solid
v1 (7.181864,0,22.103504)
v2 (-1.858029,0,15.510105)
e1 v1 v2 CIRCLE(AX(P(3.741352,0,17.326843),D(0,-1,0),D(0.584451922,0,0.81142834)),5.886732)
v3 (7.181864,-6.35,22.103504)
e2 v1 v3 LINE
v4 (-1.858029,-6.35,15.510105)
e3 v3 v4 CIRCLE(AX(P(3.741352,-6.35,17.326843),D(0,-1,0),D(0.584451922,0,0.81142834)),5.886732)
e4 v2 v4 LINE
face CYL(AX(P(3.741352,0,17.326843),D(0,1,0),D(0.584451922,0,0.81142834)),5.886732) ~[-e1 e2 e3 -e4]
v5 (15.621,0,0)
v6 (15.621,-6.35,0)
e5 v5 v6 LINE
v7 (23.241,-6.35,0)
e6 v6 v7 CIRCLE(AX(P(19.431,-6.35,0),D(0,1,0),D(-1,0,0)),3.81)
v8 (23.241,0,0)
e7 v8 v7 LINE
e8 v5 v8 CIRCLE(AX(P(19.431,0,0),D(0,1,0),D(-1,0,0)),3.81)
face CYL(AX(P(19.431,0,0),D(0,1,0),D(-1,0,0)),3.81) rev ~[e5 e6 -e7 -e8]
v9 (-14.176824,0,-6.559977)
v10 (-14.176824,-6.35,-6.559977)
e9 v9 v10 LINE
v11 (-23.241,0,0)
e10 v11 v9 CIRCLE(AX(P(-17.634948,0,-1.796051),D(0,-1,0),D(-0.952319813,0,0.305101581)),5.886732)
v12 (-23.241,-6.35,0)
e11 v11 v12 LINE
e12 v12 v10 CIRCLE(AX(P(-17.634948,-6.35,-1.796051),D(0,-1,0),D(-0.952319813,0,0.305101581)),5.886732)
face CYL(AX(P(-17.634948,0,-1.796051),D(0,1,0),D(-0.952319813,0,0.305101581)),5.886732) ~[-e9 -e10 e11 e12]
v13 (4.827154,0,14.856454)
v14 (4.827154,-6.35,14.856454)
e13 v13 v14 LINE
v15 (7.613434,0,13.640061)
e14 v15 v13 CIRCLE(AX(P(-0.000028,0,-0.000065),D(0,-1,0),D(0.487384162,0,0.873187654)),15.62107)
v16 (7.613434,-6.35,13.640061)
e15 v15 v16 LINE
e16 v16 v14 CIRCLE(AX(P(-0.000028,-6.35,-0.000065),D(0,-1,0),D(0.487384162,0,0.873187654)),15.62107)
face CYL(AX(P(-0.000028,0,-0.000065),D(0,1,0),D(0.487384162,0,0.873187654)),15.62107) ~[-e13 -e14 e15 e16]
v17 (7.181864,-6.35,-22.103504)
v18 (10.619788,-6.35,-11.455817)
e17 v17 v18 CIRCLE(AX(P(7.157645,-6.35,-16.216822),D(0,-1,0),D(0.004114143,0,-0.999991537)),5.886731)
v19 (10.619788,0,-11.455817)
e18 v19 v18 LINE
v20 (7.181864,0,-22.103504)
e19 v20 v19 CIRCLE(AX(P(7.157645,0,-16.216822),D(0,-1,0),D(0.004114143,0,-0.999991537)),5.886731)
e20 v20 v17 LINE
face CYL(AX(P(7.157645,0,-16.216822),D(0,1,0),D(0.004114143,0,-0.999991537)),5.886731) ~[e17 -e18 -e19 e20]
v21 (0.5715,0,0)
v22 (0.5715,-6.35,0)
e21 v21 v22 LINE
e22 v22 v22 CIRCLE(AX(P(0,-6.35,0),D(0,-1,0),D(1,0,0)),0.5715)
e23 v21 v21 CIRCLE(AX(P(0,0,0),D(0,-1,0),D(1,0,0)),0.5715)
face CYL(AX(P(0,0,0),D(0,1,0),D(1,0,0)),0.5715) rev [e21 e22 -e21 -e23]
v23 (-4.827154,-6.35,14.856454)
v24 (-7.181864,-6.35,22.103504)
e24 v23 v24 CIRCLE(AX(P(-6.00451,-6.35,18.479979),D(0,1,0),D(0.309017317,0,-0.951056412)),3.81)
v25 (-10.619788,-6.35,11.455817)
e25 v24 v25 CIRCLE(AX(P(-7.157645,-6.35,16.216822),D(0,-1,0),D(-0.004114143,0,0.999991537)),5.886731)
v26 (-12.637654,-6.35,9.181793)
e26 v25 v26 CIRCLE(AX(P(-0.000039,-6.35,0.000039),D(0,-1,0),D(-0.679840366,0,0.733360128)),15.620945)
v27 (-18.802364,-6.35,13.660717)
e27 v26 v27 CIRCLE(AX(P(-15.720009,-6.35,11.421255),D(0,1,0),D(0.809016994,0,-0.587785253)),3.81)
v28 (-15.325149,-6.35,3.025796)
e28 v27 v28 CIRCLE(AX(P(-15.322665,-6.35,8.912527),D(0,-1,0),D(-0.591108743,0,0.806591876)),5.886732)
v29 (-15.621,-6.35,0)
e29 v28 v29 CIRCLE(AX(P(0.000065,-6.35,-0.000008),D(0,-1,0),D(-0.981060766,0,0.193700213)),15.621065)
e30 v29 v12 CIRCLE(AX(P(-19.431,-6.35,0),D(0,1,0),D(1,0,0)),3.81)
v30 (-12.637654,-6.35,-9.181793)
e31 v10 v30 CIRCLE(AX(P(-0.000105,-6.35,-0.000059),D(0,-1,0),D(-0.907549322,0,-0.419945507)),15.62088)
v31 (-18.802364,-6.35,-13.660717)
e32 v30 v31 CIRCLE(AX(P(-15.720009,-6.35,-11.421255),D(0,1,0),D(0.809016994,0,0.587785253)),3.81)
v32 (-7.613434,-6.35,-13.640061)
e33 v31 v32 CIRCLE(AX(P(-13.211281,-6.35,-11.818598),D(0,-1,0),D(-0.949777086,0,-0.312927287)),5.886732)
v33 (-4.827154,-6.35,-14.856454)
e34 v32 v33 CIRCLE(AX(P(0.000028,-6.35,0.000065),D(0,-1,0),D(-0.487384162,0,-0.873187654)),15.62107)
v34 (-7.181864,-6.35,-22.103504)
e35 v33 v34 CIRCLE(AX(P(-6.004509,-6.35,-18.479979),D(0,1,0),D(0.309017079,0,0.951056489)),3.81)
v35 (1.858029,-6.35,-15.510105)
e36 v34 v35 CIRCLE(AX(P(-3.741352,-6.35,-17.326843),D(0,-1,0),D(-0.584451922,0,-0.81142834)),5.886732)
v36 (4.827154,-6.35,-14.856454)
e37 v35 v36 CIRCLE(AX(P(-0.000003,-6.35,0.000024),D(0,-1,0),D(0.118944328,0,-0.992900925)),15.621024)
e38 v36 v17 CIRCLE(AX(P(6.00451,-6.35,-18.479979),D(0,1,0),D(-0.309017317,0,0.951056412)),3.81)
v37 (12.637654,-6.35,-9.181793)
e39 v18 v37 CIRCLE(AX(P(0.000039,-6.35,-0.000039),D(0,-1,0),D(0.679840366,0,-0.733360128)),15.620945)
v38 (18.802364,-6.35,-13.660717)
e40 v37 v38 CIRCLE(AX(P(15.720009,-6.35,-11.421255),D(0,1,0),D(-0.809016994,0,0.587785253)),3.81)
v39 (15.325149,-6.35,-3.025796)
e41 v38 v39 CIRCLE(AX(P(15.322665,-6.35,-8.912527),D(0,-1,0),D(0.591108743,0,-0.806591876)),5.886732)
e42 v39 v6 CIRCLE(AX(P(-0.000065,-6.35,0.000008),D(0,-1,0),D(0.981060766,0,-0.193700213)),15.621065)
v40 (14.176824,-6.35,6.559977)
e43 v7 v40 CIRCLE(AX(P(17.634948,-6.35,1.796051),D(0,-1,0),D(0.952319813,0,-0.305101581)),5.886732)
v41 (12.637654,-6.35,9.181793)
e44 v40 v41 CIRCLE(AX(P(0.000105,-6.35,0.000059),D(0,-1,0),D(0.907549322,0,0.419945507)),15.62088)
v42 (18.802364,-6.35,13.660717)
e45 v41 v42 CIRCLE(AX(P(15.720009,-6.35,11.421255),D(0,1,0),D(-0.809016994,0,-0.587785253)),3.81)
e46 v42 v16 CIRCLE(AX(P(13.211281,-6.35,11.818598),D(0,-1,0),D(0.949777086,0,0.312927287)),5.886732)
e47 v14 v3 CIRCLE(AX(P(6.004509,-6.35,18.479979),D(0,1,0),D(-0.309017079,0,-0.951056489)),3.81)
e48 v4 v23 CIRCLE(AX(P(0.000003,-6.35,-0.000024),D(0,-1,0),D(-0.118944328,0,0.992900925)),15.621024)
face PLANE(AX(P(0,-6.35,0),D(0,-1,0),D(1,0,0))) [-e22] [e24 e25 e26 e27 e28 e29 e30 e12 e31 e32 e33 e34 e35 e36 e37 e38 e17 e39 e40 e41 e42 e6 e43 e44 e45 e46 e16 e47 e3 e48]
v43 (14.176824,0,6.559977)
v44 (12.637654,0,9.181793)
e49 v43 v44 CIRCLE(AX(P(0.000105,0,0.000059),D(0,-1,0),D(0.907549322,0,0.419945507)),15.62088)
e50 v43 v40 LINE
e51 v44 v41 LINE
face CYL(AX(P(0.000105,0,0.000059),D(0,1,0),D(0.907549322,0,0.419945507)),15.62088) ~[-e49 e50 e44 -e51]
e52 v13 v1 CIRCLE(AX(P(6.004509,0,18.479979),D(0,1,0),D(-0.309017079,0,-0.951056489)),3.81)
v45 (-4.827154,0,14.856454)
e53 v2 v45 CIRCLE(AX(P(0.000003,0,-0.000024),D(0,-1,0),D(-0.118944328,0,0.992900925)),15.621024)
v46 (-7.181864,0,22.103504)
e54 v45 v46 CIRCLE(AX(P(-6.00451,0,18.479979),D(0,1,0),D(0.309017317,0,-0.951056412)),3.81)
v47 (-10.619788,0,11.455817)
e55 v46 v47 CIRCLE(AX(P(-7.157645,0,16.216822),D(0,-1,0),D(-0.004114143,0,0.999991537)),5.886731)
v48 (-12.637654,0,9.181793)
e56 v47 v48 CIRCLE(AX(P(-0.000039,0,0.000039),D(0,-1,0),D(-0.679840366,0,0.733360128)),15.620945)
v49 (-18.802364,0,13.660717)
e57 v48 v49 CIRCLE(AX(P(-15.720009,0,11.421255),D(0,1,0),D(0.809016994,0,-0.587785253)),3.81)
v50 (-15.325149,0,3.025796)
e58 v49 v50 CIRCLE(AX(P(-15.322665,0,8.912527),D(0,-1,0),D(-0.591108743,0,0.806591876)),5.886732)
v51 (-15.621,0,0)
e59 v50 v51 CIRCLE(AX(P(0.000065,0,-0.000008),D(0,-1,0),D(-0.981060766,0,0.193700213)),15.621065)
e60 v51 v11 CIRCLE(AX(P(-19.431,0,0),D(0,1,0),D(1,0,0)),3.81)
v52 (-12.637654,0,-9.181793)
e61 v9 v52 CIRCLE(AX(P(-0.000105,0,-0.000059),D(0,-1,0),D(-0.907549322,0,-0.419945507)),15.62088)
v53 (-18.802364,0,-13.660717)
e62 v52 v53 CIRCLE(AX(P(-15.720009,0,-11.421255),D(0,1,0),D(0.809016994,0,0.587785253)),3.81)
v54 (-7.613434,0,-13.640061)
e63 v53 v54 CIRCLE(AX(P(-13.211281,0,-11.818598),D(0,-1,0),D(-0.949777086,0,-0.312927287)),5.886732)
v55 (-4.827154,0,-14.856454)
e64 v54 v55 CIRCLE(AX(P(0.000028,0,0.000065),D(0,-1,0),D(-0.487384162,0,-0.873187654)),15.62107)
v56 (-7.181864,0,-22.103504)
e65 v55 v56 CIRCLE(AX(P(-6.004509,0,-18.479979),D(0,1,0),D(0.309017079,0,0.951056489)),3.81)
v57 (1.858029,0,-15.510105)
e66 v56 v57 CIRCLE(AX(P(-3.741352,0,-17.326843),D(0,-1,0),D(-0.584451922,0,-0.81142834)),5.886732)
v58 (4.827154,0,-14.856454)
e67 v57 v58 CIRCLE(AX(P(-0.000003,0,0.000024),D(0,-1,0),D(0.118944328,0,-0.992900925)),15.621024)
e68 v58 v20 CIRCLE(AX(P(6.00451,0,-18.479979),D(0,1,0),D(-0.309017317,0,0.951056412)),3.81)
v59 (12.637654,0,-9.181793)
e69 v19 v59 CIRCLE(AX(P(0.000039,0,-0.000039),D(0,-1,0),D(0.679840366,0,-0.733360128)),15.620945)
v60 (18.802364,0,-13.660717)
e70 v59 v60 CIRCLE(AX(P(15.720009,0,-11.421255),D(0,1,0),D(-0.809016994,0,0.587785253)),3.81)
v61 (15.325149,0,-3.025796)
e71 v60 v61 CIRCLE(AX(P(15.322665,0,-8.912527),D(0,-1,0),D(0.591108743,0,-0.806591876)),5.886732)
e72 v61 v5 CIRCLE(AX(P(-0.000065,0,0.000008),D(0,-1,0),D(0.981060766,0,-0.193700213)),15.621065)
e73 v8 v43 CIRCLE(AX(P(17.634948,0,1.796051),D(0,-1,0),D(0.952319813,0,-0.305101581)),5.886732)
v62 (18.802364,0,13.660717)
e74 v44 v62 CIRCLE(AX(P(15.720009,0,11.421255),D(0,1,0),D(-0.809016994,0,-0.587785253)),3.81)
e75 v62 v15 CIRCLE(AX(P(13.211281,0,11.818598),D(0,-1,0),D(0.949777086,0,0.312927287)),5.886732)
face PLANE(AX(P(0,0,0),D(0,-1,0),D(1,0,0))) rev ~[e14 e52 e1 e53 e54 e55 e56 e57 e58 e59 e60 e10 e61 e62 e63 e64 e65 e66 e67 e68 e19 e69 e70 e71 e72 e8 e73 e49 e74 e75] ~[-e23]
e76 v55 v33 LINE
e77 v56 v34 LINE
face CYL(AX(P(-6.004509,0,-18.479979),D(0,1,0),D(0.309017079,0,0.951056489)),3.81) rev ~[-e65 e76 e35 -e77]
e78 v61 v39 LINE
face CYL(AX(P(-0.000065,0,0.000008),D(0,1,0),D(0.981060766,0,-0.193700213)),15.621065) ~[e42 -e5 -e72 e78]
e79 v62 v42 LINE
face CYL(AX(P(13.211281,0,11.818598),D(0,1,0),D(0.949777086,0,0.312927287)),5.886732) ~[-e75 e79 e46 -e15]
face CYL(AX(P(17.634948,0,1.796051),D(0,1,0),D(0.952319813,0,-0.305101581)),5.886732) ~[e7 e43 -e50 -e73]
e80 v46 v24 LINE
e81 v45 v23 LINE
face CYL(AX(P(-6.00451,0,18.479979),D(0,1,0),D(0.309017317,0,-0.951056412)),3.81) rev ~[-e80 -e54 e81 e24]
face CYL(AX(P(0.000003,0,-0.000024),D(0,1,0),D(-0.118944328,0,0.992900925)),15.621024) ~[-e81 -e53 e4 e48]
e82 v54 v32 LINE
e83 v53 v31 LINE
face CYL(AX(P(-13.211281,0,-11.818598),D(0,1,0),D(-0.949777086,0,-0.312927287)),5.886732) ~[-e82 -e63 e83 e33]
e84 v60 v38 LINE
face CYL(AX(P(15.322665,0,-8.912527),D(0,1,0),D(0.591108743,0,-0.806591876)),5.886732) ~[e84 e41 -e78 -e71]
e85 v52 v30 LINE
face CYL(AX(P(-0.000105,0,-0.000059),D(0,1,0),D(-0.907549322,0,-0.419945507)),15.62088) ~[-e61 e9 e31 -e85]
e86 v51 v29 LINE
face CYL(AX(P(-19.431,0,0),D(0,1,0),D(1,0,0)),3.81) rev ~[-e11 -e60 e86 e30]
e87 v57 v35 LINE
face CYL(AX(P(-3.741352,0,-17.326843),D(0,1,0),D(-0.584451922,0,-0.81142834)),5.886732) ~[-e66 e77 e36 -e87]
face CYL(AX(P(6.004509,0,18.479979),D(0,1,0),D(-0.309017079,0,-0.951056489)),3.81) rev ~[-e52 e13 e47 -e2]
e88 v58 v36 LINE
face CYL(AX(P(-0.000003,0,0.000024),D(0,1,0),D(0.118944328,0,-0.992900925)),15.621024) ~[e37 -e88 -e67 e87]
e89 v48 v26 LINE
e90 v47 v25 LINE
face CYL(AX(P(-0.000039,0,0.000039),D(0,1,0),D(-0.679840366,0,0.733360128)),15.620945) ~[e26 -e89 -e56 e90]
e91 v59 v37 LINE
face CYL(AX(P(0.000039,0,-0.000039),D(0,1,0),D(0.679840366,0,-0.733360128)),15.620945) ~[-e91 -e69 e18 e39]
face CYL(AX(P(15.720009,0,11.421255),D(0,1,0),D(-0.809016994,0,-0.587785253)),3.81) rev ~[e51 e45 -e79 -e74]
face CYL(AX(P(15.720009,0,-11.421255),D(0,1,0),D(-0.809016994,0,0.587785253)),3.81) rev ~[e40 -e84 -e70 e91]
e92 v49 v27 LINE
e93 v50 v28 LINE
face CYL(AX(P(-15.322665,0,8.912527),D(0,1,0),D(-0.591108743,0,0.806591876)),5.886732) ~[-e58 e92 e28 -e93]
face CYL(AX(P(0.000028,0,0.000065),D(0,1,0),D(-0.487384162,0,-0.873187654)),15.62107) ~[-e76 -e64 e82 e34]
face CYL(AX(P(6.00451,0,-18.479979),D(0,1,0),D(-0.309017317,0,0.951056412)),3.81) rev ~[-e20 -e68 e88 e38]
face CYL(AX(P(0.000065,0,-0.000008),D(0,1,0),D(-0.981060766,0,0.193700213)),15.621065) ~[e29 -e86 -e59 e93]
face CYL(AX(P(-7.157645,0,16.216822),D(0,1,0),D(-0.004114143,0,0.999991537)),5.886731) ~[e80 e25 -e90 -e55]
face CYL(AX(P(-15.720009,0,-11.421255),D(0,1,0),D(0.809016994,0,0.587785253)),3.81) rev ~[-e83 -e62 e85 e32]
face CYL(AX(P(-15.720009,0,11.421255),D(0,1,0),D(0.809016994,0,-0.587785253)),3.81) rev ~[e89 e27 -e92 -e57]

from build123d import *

# Parameters (mm, degrees)
F0_R     = 0.5715
F1_DEPTH = 6.35


with BuildPart() as f1:
    # F0 (on Front) → F1 (new body)
    with BuildSketch(Plane.XZ):
        with BuildLine():
            ThreePointArc((23.241, 0), (21.086285, 6.564897), (14.176824, 6.559977))
            ThreePointArc((14.176824, 6.559977), (13.471175, 7.908419), (12.637654, 9.181793))
            ThreePointArc((12.637654, 9.181793), (13.480547, 14.50361), (18.802364, 13.660717))
            ThreePointArc((18.802364, 13.660717), (13.200413, 17.70532), (7.613434, 13.640061))
            ThreePointArc((7.613434, 13.640061), (6.249957, 14.316203), (4.827154, 14.856454))
            ThreePointArc((4.827154, 14.856454), (2.380984, 19.657334), (7.181864, 22.103504))
            ThreePointArc((7.181864, 22.103504), (0.272432, 22.082913), (-1.858029, 15.510105))
            ThreePointArc((-1.858029, 15.510105), (-3.358532, 15.255684), (-4.827154, 14.856454))
            ThreePointArc((-4.827154, 14.856454), (-9.628035, 17.302624), (-7.181864, 22.103504))
            ThreePointArc((-7.181864, 22.103504), (-12.759608, 18.025584), (-10.619788, 11.455817))
            ThreePointArc((-10.619788, 11.455817), (-11.684175, 10.368013), (-12.637654, 9.181793))
            ThreePointArc((-12.637654, 9.181793), (-17.959471, 8.3389), (-18.802364, 13.660717))
            ThreePointArc((-18.802364, 13.660717), (-20.917912, 7.083094), (-15.325149, 3.025796))
            ThreePointArc((-15.325149, 3.025796), (-15.546861, 1.520112), (-15.621, 0))
            ThreePointArc((-15.621, 0), (-19.431, -3.81), (-23.241, 0))
            ThreePointArc((-23.241, 0), (-21.086285, -6.564897), (-14.176824, -6.559977))
            ThreePointArc((-14.176824, -6.559977), (-13.471175, -7.908419), (-12.637654, -9.181793))
            ThreePointArc((-12.637654, -9.181793), (-13.480547, -14.50361), (-18.802364, -13.660717))
            ThreePointArc((-18.802364, -13.660717), (-13.200413, -17.70532), (-7.613434, -13.640061))
            ThreePointArc((-7.613434, -13.640061), (-6.249957, -14.316203), (-4.827154, -14.856454))
            ThreePointArc((-4.827154, -14.856454), (-2.380984, -19.657334), (-7.181864, -22.103504))
            ThreePointArc((-7.181864, -22.103504), (-0.272432, -22.082913), (1.858029, -15.510105))
            ThreePointArc((1.858029, -15.510105), (3.358532, -15.255684), (4.827154, -14.856454))
            ThreePointArc((4.827154, -14.856454), (9.628035, -17.302624), (7.181864, -22.103504))
            ThreePointArc((7.181864, -22.103504), (12.759608, -18.025584), (10.619788, -11.455817))
            ThreePointArc((10.619788, -11.455817), (11.684175, -10.368013), (12.637654, -9.181793))
            ThreePointArc((12.637654, -9.181793), (17.959471, -8.3389), (18.802364, -13.660717))
            ThreePointArc((18.802364, -13.660717), (20.917912, -7.083094), (15.325149, -3.025796))
            ThreePointArc((15.325149, -3.025796), (15.546861, -1.520112), (15.621, 0))
            ThreePointArc((15.621, 0), (19.431, 3.81), (23.241, 0))
        make_face()
        Circle(F0_R, mode=Mode.SUBTRACT)
    extrude(amount=F1_DEPTH)


solid = f1.part
